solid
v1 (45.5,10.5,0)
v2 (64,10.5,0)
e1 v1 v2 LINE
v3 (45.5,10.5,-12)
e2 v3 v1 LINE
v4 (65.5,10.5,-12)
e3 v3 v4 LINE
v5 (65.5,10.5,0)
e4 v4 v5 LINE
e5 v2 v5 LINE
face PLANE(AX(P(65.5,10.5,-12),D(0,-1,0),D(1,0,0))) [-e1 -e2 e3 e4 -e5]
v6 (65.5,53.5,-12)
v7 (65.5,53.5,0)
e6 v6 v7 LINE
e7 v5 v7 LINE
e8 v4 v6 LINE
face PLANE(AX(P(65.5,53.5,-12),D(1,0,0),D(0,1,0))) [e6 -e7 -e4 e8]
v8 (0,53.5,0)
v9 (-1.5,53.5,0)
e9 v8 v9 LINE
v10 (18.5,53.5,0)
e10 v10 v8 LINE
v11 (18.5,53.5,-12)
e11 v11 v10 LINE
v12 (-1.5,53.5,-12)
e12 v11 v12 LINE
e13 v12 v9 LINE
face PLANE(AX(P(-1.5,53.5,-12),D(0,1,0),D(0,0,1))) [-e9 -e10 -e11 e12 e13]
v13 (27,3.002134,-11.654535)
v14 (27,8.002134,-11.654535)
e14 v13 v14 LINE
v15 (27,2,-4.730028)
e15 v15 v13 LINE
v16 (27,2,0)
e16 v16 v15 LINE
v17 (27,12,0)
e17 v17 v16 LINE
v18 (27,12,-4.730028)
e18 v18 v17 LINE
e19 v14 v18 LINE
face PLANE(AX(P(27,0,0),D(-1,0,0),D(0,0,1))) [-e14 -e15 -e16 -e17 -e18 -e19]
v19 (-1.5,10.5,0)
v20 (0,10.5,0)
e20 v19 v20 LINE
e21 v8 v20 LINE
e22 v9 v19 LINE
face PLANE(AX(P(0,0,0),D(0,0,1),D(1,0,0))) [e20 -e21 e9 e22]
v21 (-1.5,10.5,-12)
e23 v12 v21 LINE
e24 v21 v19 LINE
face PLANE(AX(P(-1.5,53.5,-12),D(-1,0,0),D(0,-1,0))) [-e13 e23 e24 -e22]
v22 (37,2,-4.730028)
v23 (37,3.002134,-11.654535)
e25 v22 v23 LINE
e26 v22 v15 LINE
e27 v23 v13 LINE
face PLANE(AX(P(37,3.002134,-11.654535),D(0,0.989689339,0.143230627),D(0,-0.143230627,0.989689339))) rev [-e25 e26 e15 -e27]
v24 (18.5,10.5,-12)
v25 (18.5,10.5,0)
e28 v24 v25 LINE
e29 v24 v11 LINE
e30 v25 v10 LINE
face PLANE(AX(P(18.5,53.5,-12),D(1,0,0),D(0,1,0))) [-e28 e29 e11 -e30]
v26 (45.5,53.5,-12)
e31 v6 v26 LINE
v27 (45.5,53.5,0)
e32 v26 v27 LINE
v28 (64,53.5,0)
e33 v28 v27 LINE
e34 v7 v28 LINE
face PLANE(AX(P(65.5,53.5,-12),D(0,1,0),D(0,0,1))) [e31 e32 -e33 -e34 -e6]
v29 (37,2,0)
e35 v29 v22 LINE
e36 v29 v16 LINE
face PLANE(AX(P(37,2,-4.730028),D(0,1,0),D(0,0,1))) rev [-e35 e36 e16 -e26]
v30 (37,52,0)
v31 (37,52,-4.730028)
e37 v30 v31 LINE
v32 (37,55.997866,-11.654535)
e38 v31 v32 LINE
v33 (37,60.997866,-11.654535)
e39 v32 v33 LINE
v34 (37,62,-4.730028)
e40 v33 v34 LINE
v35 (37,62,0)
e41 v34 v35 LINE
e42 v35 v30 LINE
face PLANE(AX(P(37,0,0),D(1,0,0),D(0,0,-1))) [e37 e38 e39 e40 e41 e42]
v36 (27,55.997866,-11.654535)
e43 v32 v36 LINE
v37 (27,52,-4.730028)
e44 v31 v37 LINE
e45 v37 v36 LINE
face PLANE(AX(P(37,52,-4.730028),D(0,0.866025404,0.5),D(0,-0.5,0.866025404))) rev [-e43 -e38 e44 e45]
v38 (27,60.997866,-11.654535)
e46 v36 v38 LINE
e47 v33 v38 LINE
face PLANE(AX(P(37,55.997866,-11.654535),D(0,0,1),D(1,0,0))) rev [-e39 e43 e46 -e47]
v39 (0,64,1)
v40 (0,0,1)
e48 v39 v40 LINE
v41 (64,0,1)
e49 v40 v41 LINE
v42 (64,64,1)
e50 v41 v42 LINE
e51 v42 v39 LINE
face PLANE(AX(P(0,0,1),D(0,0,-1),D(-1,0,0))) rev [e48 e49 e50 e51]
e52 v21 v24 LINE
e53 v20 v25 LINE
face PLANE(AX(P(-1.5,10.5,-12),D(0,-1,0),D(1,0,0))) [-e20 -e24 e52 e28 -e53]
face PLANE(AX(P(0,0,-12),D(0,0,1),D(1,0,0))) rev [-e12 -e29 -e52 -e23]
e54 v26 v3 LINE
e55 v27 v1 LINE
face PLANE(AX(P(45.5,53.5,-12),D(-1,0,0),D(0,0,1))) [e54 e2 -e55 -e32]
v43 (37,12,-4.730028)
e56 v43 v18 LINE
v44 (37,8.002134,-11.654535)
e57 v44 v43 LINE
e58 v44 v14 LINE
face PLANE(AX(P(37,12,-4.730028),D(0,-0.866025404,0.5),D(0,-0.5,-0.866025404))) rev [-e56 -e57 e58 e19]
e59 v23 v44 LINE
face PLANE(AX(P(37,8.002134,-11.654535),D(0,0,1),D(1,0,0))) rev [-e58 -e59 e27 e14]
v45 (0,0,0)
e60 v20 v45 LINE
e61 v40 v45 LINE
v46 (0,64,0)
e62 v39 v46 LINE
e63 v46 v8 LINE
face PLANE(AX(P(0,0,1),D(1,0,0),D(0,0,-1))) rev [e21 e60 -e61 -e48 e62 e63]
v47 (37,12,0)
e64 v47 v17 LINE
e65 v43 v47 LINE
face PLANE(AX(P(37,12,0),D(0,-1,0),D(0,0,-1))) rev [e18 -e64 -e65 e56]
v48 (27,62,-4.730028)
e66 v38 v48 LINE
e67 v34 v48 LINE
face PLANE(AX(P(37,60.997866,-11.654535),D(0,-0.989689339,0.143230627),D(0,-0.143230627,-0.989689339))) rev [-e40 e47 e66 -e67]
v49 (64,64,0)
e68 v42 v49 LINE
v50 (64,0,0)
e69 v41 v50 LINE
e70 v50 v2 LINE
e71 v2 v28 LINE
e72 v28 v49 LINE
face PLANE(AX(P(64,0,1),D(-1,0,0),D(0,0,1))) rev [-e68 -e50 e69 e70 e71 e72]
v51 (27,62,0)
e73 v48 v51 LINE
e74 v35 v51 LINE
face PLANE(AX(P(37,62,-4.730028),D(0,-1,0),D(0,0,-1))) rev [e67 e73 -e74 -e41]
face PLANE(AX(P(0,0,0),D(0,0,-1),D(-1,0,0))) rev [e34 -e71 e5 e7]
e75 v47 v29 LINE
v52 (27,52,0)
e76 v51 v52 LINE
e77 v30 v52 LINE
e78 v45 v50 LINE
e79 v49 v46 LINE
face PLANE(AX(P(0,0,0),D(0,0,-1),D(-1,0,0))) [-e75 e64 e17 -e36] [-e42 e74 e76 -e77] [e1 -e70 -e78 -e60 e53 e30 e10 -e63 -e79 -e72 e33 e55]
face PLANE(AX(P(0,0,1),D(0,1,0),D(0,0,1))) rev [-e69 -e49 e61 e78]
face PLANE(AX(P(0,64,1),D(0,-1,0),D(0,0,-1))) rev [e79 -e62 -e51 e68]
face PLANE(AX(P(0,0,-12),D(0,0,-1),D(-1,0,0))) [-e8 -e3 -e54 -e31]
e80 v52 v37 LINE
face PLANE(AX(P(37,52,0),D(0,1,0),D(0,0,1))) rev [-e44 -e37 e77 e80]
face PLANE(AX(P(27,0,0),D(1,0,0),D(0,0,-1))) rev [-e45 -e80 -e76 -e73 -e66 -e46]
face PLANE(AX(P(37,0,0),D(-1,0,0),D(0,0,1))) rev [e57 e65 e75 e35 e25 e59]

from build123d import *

# Parameters (mm, degrees)
SKETCH2_W           = 64
SKETCH2_H           = 64
BOSS_EXTRUDE1_DEPTH = 1
SKETCH3_W           = 20
SKETCH3_H           = 43
BOSS_EXTRUDE2_DEPTH = 12
BOSS_EXTRUDE3_DEPTH = 10


with BuildPart() as part:
    # Sketch2 → Boss-Extrude1 (new body)
    with BuildSketch(Plane.XY):
        with Locations((32, 32)):
            Rectangle(SKETCH2_W, SKETCH2_H)
    extrude(amount=BOSS_EXTRUDE1_DEPTH)

    # Sketch3 → Boss-Extrude2 (add)
    with BuildSketch(Plane.XY):
        with Locations((8.5, 32)):
            Rectangle(SKETCH3_W, SKETCH3_H)
        with Locations((55.5, 32)):
            Rectangle(SKETCH3_W, SKETCH3_H)
    extrude(amount=-BOSS_EXTRUDE2_DEPTH)

    # Sketch5 → Boss-Extrude3 (add)
    with BuildSketch(Plane(origin=(27, 0, 0), x_dir=(0, 0, -1), z_dir=(1, 0, 0))):
        Polygon((11.654534966, 3.002134122), (4.730028144, 2), (0, 2), (0, 12), (4.730028144, 12), (11.654534966, 8.002134122), align=None)
        Polygon((0, 62), (0, 52), (4.730028144, 52), (11.654534966, 55.997865878), (11.654534966, 60.997865878), (4.730028144, 62), align=None)
    extrude(amount=BOSS_EXTRUDE3_DEPTH)


solid = part.part
